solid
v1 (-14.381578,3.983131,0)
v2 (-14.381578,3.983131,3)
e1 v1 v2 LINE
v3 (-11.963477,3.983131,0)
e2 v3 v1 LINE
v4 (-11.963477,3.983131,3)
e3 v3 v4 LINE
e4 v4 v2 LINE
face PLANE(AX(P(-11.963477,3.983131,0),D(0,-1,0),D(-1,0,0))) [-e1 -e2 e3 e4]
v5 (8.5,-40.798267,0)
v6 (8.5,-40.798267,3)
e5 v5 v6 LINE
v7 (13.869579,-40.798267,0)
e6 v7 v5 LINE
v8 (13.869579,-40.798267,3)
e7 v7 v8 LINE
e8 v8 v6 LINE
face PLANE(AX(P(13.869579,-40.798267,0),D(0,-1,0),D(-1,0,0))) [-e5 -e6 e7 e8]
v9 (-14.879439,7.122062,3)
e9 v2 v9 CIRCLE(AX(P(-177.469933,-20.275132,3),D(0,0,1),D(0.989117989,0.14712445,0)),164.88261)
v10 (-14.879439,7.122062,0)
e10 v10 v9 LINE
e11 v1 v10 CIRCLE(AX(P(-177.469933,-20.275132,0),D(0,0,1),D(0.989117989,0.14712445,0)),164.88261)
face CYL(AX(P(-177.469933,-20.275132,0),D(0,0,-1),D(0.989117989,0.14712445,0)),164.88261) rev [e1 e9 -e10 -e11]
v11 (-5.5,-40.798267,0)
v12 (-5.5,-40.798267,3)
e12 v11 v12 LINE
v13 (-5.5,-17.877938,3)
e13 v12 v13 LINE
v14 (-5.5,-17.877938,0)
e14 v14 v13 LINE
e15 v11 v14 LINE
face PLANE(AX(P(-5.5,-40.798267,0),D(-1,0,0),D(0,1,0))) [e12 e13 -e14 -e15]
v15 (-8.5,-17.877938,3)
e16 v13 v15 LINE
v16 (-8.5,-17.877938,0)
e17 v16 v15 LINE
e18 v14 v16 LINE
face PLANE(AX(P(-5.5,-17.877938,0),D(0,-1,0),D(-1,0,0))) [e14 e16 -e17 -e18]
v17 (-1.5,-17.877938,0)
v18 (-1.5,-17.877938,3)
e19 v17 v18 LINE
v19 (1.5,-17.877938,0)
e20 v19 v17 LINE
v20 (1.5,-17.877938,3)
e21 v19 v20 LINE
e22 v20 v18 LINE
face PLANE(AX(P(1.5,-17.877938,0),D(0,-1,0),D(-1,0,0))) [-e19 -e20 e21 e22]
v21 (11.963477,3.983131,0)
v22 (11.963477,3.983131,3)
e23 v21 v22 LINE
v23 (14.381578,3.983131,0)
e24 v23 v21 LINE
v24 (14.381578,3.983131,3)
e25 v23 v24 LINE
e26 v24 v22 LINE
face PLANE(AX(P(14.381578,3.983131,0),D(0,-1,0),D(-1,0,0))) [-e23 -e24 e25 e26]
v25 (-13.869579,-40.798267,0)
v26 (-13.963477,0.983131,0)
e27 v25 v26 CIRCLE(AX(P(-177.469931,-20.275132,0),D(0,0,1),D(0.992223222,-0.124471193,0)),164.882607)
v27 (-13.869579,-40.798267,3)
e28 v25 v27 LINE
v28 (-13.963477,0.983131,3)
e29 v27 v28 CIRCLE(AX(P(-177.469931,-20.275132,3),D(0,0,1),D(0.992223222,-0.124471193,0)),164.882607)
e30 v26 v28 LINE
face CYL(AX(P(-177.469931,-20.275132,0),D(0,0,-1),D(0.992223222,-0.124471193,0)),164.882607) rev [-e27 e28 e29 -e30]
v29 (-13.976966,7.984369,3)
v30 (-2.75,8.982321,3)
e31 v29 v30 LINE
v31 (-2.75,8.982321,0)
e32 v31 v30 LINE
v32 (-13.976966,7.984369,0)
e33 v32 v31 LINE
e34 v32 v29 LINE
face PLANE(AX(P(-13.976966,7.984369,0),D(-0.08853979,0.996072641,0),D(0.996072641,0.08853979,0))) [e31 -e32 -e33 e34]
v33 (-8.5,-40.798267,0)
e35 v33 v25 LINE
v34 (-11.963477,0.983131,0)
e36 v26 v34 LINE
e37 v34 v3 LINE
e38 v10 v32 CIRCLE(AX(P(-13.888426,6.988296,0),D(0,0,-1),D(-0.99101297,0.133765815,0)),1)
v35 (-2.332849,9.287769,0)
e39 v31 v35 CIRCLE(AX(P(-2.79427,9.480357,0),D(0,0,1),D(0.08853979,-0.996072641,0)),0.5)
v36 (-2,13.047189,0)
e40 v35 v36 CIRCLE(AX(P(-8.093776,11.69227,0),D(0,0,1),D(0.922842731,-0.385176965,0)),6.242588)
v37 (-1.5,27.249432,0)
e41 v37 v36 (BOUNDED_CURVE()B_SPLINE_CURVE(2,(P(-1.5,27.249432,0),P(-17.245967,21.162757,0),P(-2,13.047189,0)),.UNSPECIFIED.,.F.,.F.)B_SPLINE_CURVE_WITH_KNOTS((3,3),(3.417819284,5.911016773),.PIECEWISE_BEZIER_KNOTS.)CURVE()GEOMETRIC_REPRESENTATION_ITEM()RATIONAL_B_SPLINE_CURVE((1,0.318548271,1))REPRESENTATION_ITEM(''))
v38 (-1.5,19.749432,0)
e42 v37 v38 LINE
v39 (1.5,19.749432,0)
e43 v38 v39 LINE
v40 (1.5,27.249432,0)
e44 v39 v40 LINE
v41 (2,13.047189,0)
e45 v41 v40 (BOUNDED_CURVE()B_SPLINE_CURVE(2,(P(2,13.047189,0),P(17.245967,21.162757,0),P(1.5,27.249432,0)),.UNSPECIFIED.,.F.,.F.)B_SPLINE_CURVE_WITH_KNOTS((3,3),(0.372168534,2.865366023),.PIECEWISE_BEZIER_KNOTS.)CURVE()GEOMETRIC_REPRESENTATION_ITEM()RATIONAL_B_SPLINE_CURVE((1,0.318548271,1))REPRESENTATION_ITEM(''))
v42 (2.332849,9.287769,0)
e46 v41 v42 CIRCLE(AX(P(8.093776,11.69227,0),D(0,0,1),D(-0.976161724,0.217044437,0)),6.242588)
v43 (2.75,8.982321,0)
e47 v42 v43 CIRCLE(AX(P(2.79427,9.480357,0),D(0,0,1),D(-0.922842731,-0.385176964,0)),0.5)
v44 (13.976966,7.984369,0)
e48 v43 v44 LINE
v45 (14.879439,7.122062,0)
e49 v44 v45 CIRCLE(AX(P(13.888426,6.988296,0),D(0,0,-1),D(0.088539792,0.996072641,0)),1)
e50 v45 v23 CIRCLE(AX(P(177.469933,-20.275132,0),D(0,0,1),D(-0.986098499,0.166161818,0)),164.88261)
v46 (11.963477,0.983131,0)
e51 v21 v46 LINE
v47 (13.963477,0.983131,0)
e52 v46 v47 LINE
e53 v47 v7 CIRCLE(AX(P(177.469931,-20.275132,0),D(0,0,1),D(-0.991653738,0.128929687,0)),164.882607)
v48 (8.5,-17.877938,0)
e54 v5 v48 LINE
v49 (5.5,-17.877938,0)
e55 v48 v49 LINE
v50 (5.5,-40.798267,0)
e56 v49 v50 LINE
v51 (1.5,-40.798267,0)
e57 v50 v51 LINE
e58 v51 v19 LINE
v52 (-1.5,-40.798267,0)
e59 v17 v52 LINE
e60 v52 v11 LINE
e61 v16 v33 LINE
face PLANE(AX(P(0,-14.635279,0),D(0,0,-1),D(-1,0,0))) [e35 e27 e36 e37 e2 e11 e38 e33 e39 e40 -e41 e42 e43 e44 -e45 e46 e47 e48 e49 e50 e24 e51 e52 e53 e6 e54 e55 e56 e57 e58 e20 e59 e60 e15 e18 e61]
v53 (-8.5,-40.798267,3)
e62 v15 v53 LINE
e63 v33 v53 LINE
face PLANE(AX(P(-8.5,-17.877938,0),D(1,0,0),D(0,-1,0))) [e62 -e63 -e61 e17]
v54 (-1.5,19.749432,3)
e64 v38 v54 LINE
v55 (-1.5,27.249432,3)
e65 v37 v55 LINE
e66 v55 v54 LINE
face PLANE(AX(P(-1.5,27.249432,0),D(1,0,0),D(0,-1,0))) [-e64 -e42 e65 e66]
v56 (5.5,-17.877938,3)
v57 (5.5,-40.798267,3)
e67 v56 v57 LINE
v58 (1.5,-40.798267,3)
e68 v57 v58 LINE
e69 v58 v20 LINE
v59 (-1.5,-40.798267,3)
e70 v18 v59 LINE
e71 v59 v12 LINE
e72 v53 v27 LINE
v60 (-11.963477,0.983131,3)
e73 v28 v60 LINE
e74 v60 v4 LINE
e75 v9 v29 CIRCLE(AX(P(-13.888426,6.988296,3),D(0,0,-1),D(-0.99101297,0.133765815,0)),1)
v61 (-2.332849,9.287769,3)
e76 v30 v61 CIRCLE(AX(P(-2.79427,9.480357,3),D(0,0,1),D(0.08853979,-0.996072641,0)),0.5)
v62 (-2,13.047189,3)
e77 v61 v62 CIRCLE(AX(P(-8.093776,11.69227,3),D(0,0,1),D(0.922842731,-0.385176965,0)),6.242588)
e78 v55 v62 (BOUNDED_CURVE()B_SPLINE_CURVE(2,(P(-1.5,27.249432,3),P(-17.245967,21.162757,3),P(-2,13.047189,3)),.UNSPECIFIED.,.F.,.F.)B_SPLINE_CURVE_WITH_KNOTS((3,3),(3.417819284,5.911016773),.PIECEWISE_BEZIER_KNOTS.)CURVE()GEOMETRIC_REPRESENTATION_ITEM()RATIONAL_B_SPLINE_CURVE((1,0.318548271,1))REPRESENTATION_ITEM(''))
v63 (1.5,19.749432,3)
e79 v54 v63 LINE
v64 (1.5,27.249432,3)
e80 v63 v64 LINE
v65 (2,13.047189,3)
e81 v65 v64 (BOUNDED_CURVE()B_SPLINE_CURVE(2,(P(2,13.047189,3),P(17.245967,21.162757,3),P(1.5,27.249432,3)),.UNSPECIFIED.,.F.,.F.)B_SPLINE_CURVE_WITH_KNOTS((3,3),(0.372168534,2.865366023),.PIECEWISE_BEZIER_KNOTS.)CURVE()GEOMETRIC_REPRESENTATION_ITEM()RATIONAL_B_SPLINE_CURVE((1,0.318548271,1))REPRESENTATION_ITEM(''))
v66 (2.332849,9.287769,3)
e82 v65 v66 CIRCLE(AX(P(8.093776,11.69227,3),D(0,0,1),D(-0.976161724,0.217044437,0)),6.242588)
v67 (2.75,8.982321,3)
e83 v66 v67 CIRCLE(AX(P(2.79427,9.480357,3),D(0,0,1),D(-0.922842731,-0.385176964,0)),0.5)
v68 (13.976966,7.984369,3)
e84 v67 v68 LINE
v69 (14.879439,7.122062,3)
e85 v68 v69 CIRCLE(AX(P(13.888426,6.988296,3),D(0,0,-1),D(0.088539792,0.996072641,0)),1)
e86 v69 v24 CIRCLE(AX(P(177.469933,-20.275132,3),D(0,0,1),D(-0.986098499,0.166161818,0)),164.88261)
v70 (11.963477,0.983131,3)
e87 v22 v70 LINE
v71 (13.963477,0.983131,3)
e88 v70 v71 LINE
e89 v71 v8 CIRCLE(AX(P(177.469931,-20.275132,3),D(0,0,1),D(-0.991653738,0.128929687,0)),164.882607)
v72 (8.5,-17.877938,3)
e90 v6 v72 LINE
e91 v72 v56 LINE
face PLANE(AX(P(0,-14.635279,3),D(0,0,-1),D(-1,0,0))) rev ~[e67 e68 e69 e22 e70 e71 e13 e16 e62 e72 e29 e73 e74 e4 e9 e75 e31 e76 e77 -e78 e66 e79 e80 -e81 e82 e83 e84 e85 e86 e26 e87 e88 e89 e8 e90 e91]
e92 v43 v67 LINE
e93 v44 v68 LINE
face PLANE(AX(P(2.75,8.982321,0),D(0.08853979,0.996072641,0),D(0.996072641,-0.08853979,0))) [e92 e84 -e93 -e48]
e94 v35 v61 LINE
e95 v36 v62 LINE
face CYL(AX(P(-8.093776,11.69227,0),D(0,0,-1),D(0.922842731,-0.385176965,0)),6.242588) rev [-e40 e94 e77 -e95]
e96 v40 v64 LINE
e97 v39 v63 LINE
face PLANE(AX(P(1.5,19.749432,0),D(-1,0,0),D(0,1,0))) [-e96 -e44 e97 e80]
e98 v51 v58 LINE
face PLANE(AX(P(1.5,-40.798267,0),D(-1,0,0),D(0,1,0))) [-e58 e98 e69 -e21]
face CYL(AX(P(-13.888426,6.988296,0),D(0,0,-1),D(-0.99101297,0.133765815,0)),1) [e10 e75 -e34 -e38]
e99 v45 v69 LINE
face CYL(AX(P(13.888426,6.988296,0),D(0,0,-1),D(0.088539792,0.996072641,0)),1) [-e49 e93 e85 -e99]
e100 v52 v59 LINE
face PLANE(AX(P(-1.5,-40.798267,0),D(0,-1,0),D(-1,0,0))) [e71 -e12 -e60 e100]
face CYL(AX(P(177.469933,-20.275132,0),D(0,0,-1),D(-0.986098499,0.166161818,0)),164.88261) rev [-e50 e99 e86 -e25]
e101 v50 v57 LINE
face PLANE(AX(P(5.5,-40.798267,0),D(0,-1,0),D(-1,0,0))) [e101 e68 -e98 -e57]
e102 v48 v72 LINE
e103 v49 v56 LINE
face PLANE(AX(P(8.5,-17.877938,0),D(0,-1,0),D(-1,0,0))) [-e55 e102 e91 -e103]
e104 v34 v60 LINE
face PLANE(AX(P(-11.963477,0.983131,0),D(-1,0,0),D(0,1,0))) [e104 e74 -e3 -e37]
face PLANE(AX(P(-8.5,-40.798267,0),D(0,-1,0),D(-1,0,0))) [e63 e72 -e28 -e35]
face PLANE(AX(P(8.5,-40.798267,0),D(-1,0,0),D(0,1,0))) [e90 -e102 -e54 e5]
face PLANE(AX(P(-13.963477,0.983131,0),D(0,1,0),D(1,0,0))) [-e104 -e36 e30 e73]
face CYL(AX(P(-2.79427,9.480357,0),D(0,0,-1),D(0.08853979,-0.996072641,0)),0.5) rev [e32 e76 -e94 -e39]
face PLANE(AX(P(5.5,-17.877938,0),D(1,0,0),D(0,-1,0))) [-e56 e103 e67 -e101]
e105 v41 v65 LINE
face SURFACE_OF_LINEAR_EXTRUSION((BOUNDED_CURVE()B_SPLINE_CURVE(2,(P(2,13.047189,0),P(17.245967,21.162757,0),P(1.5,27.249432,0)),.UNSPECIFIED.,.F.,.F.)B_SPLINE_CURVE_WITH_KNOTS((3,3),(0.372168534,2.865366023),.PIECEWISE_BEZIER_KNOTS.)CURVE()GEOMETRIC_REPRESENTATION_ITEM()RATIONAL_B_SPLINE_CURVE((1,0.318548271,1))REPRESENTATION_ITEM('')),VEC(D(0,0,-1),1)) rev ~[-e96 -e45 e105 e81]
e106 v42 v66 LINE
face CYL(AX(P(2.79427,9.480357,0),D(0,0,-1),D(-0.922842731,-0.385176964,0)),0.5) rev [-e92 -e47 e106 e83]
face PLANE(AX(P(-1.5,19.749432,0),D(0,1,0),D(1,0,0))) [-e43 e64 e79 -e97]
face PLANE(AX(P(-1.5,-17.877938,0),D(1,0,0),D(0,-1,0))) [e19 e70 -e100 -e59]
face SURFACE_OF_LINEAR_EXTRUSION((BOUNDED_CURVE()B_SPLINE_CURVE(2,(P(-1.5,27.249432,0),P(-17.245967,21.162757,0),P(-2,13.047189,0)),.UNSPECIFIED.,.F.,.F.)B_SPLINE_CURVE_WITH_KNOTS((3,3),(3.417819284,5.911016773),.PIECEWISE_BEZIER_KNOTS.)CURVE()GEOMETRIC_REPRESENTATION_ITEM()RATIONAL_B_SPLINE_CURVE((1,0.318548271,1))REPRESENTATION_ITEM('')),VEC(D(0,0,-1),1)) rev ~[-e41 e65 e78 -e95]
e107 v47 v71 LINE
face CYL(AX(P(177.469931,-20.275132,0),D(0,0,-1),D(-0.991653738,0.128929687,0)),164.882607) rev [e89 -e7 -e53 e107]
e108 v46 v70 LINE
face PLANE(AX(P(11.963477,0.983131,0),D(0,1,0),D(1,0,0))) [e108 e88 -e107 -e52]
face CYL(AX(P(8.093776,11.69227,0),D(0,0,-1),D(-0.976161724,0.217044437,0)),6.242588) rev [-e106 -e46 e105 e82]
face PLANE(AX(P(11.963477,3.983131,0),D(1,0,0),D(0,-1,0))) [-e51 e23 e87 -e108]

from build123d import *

# Parameters (mm, degrees)
BOSS_EXTRUDE3_DEPTH = 3


with BuildPart() as part:
    # Sketch3 → Boss-Extrude3 (new body)
    with BuildSketch(Plane.XY):
        with BuildLine():
            Line((1.5, -40.798266812), (1.5, -17.877938214))
            Line((1.5, -17.877938214), (-1.5, -17.877938214))
            Line((-1.5, -17.877938214), (-1.5, -40.798266812))
            Line((-1.5, -40.798266812), (-5.5, -40.798266812))
            Line((-5.5, -40.798266812), (-5.5, -17.877938214))
            Line((-5.5, -17.877938214), (-8.5, -17.877938214))
            Line((-8.5, -17.877938214), (-8.5, -40.798266812))
            Line((-8.5, -40.798266812), (-13.869579038, -40.798266812))
            ThreePointArc((-13.869579038, -40.798266812), (-12.587739972, -19.904581661), (-13.963477054, 0.983130949))
            Line((-13.963477054, 0.983130949), (-11.963477054, 0.983130949))
            Line((-11.963477054, 0.983130949), (-11.963477054, 3.983130949))
            Line((-11.963477054, 3.983130949), (-14.381577939, 3.983130949))
            ThreePointArc((-14.381577939, 3.983130949), (-14.622945439, 5.553795951), (-14.879439279, 7.122061786))
            ThreePointArc((-14.879439279, 7.122061786), (-14.579260447, 7.711309245), (-13.976966099, 7.984368613))
            Line((-13.976966099, 7.984368613), (-2.75, 8.982321155))
            ThreePointArc((-2.75, 8.982321155), (-2.498879462, 9.076941447), (-2.33284853, 9.287768993))
            ThreePointArc((-2.33284853, 9.287768993), (-1.875511855, 11.141722585), (-2, 13.047189315))
            add(Edge.make_bspline(
                [(-1.5, 27.249432049), (-17.245966692, 21.162756592), (-2, 13.047189315)],
                knots=[3.417819284, 3.417819284, 3.417819284, 5.911016773, 5.911016773, 5.911016773], degree=2, weights=[1, 0.318548271, 1]))
            Line((-1.5, 27.249432049), (-1.5, 19.749432049))
            Line((-1.5, 19.749432049), (1.5, 19.749432049))
            Line((1.5, 19.749432049), (1.5, 27.249432049))
            add(Edge.make_bspline(
                [(2, 13.047189315), (17.245966692, 21.162756592), (1.5, 27.249432049)],
                knots=[0.372168534, 0.372168534, 0.372168534, 2.865366023, 2.865366023, 2.865366023], degree=2, weights=[1, 0.318548271, 1]))
            ThreePointArc((2, 13.047189315), (1.875511855, 11.141722585), (2.33284853, 9.287768993))
            ThreePointArc((2.33284853, 9.287768993), (2.498879462, 9.076941447), (2.75, 8.982321155))
            Line((2.75, 8.982321155), (13.976966099, 7.984368613))
            ThreePointArc((13.976966099, 7.984368613), (14.579260447, 7.711309245), (14.879439279, 7.122061786))
            ThreePointArc((14.879439279, 7.122061786), (14.622945439, 5.553795951), (14.381577939, 3.983130949))
            Line((14.381577939, 3.983130949), (11.963477054, 3.983130949))
            Line((11.963477054, 3.983130949), (11.963477054, 0.983130949))
            Line((11.963477054, 0.983130949), (13.963477054, 0.983130949))
            ThreePointArc((13.963477054, 0.983130949), (12.587739972, -19.904581661), (13.869579038, -40.798266812))
            Line((13.869579038, -40.798266812), (8.5, -40.798266812))
            Line((8.5, -40.798266812), (8.5, -17.877938214))
            Line((8.5, -17.877938214), (5.5, -17.877938214))
            Line((5.5, -17.877938214), (5.5, -40.798266812))
            Line((5.5, -40.798266812), (1.5, -40.798266812))
        make_face()
    extrude(amount=BOSS_EXTRUDE3_DEPTH)


solid = part.part
